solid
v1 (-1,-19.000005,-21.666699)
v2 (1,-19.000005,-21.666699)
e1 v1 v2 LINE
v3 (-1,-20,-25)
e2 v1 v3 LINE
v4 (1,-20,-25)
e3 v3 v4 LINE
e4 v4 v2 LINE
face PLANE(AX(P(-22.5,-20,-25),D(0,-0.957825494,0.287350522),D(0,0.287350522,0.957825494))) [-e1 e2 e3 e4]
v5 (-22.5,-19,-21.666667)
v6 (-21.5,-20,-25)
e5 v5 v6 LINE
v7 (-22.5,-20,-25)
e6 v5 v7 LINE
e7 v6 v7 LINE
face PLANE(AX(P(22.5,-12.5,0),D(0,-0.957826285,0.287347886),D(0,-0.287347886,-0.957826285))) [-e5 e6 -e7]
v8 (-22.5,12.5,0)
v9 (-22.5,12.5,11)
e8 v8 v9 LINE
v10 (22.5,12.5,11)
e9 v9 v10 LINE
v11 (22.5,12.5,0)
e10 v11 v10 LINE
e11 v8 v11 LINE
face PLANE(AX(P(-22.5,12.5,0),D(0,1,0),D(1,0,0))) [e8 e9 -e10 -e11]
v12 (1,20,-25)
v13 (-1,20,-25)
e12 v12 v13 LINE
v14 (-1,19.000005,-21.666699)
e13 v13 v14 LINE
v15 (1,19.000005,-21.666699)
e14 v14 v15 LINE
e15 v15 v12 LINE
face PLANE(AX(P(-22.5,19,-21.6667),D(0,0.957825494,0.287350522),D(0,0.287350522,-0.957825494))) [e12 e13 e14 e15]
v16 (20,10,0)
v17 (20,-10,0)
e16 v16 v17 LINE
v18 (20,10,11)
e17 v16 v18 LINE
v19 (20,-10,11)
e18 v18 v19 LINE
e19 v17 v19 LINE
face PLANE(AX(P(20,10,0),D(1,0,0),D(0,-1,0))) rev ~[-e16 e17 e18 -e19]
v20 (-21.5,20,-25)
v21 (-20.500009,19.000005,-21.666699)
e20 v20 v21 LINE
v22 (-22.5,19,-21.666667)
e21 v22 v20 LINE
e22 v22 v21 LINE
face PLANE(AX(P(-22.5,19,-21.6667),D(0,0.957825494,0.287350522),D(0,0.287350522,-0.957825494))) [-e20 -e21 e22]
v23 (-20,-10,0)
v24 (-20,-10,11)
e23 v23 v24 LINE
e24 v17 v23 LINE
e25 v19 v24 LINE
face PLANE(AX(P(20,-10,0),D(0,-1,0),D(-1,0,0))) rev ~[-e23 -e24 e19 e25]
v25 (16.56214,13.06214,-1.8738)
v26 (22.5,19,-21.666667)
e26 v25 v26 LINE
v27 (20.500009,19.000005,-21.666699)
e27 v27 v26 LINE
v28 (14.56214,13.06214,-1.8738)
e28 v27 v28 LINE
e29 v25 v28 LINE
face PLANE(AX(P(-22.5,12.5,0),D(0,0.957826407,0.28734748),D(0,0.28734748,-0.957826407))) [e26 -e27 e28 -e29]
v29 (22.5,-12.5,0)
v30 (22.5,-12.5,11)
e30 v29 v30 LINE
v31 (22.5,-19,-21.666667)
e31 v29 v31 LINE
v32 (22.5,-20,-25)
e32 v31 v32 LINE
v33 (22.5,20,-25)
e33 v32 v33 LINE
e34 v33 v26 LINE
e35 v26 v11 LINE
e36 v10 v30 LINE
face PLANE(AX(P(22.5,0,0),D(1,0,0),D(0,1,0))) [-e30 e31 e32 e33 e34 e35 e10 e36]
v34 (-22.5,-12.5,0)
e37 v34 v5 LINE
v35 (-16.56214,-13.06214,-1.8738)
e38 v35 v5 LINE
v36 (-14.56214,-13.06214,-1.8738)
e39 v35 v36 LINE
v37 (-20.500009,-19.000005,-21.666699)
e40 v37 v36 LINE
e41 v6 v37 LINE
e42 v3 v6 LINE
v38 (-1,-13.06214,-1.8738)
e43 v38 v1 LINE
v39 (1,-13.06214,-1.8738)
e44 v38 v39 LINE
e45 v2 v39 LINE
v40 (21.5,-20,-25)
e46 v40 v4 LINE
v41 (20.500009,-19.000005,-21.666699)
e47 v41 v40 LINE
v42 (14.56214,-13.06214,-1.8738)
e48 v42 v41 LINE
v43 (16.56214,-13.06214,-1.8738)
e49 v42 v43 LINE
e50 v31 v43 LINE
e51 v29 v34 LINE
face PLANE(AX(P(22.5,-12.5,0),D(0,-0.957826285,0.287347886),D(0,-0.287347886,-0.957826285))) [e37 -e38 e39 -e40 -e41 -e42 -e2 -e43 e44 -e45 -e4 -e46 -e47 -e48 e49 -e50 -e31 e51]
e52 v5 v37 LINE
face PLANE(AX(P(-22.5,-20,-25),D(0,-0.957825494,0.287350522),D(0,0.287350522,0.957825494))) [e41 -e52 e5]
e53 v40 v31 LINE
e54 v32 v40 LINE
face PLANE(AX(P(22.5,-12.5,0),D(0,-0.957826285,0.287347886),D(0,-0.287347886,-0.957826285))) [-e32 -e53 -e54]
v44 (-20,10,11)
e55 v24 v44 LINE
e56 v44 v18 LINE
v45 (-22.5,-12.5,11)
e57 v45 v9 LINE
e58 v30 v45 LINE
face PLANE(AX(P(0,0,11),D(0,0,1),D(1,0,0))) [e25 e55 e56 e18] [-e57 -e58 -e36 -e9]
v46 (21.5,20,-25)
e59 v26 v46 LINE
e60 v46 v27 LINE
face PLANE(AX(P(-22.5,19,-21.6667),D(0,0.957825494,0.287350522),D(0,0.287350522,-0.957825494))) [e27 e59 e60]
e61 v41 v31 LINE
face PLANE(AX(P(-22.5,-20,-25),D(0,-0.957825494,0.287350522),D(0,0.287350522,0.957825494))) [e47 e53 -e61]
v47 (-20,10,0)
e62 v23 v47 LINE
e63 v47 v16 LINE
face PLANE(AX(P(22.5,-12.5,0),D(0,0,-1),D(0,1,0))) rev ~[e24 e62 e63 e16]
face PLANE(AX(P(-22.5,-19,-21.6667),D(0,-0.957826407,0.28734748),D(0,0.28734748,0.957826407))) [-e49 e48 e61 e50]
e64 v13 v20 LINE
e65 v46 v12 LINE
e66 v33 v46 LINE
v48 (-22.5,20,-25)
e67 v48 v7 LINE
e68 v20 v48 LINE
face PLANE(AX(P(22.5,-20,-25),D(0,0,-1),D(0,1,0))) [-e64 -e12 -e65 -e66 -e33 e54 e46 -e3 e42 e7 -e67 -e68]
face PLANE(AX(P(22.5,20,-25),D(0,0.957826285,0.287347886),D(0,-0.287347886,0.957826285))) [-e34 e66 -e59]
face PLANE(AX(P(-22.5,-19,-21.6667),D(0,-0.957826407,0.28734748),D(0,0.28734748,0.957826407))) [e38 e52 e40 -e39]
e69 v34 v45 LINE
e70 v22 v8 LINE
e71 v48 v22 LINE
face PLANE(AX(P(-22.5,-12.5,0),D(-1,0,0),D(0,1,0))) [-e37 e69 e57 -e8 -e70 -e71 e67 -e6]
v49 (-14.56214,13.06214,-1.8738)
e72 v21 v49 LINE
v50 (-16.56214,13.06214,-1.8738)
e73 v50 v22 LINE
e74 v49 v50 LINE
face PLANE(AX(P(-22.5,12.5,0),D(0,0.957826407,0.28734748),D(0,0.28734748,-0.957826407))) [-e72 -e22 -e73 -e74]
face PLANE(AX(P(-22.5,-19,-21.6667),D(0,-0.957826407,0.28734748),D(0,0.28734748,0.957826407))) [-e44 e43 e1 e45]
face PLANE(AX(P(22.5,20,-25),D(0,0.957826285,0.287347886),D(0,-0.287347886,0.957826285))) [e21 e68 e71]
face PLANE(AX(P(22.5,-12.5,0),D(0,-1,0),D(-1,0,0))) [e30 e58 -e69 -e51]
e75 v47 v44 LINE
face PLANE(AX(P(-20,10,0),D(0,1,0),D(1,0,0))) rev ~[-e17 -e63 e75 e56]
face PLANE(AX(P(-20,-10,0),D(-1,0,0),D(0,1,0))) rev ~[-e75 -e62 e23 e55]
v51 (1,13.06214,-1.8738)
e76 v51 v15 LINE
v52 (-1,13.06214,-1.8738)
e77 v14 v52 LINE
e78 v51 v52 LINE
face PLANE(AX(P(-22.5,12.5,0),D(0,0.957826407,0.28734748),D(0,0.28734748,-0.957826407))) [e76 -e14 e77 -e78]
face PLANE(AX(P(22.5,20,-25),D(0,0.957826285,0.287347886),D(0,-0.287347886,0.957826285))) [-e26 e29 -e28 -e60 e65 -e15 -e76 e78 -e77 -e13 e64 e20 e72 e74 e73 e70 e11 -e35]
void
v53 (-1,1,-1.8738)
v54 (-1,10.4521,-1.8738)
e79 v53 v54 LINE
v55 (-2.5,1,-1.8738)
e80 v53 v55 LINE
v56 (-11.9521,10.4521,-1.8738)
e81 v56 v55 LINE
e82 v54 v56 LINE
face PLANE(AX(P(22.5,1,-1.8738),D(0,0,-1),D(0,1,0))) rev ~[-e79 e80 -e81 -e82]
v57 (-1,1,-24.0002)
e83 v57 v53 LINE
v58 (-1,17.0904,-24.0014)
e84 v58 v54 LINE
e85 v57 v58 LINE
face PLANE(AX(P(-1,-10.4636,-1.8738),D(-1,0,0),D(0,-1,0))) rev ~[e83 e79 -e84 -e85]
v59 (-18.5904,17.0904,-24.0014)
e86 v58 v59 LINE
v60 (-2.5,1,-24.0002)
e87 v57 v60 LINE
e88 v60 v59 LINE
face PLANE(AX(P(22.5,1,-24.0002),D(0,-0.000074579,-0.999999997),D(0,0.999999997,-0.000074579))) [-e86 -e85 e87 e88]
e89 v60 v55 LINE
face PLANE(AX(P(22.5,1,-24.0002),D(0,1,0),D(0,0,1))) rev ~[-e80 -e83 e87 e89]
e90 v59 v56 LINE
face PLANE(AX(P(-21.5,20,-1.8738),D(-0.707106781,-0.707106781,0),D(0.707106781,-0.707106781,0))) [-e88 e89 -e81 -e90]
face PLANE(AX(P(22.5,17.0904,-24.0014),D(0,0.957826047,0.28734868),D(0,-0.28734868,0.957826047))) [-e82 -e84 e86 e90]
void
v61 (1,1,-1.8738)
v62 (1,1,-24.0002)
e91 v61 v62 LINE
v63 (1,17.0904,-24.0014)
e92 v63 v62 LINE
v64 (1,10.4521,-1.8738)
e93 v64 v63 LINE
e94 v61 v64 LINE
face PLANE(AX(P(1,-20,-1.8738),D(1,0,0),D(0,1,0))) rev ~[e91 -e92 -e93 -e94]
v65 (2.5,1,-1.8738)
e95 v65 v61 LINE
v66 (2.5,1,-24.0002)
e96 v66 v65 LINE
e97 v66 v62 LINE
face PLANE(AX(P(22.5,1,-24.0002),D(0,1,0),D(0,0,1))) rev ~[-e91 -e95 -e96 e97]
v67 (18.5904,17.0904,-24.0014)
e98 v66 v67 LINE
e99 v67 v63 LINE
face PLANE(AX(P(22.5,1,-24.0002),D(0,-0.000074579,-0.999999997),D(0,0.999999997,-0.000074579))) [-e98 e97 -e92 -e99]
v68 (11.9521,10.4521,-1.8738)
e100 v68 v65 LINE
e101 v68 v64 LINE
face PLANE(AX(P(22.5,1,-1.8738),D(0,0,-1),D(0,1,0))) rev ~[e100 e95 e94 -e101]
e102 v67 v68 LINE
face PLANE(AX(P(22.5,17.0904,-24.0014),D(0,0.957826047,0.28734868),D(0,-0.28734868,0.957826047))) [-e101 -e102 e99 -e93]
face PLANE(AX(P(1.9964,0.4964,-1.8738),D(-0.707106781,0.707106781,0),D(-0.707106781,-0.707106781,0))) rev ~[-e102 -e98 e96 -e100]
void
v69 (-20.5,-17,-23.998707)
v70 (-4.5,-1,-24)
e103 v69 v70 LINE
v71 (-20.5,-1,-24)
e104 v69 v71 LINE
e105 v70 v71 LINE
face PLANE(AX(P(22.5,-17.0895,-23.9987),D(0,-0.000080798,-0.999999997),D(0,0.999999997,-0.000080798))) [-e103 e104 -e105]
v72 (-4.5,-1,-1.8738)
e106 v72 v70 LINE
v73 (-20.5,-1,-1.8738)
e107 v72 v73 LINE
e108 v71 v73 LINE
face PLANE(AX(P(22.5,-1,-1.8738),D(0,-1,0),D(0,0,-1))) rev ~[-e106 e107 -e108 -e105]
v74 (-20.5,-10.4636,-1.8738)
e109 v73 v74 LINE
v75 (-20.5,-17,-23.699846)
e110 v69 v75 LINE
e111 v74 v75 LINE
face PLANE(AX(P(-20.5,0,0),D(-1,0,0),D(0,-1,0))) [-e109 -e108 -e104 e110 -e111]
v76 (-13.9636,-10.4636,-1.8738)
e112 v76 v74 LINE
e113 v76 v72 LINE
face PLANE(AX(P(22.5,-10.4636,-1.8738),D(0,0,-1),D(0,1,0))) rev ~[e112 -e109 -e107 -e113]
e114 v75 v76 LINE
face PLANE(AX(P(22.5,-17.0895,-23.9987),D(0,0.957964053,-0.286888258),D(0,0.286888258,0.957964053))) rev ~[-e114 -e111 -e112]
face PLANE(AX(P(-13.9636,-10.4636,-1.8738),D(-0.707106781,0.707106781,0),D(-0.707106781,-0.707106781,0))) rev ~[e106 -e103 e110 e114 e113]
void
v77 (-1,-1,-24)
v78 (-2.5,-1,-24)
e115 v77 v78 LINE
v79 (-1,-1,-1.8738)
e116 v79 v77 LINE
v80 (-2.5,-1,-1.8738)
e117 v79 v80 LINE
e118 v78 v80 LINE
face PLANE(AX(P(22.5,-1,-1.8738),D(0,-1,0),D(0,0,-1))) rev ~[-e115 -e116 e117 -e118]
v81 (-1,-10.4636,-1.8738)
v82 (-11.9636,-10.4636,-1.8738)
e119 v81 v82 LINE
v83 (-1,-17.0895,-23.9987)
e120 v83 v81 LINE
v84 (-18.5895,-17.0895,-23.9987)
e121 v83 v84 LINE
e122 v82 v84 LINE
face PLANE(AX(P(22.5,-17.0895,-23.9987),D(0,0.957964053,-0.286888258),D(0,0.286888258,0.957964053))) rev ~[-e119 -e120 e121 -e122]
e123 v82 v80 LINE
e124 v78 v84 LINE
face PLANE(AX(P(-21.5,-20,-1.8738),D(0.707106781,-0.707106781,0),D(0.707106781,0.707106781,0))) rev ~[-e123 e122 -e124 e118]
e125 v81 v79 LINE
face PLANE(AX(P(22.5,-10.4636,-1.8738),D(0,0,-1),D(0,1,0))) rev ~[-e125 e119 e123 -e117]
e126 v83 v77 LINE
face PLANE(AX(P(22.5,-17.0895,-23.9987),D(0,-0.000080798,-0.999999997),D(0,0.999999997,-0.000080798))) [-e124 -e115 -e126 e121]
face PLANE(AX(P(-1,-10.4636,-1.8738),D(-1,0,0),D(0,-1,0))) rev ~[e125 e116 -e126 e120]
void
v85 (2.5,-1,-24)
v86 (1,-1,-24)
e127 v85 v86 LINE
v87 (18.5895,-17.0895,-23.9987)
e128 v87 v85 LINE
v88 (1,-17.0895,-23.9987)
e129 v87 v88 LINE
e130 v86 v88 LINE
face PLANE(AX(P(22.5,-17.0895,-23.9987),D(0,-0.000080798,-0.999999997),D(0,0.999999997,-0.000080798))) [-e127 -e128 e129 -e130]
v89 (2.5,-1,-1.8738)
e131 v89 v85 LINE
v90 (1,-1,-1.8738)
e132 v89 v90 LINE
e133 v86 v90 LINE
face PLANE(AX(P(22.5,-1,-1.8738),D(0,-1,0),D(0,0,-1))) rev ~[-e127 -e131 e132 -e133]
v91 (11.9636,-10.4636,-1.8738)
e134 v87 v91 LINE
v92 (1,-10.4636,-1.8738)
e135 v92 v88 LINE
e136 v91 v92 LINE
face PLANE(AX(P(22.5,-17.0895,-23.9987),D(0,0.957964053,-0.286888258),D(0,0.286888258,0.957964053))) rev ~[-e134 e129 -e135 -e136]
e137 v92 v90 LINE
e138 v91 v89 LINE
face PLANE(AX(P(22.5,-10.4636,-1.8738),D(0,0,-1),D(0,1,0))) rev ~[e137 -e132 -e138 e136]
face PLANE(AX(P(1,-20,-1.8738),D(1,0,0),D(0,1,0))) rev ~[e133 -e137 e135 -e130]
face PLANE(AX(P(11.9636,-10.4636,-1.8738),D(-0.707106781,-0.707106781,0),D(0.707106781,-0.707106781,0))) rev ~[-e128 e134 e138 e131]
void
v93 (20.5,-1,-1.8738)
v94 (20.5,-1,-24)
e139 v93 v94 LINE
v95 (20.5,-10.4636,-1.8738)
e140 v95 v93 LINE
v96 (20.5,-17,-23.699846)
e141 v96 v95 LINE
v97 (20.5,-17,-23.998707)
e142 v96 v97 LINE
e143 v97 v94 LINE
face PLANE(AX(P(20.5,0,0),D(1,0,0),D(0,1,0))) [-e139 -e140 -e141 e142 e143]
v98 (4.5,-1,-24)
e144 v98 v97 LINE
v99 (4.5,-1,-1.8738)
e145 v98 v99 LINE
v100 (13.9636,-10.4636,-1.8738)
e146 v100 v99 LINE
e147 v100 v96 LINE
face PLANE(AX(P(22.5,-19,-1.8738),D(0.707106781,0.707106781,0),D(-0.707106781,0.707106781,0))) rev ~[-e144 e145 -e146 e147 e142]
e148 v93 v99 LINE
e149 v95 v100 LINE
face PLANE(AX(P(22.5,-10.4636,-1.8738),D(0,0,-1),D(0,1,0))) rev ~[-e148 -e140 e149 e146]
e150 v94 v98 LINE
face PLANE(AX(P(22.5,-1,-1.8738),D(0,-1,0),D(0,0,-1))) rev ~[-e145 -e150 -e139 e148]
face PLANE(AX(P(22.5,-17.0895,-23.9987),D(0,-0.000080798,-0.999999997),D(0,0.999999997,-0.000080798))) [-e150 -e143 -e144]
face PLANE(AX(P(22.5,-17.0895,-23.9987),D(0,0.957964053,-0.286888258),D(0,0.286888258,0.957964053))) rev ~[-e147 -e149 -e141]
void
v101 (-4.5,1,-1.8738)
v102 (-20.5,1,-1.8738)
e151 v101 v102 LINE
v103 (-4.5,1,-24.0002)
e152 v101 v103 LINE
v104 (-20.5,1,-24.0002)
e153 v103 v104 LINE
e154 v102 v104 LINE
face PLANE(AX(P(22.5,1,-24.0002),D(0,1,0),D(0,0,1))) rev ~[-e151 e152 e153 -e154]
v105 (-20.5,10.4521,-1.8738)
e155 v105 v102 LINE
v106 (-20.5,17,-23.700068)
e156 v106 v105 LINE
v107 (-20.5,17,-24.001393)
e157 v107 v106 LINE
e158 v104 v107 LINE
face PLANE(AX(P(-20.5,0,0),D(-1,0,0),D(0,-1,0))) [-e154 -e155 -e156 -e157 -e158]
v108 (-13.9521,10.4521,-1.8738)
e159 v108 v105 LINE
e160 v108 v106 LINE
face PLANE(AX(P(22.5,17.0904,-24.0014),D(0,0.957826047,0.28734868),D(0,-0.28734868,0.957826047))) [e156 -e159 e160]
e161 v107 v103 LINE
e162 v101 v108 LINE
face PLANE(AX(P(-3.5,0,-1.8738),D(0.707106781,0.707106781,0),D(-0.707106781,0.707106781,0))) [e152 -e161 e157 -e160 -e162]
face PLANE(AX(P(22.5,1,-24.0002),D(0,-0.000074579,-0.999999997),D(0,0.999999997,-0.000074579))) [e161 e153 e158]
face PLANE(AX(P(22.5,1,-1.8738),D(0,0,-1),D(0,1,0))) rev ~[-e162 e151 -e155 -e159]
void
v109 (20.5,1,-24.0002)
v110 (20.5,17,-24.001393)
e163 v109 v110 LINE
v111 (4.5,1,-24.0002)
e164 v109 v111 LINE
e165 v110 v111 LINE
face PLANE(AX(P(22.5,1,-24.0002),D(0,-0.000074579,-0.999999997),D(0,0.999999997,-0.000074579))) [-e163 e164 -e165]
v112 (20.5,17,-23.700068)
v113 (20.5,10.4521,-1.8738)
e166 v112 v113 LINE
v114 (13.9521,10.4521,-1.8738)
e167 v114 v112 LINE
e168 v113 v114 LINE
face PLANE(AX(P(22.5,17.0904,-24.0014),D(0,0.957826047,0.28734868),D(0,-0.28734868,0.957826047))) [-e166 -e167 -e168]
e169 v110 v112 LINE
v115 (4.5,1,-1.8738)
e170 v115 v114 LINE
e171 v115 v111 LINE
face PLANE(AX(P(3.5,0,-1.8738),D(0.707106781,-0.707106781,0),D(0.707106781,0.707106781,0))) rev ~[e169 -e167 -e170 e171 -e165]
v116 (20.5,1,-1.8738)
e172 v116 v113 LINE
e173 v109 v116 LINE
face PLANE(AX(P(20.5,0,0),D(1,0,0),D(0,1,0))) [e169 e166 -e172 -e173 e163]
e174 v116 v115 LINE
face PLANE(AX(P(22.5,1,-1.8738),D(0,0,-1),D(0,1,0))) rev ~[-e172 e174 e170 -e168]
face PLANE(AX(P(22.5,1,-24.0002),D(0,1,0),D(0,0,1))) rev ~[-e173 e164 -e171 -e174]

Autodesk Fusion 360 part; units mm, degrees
sketch "Sketch1" plane through (0, 0, 0) normal (0, 0, 1) x (1, 0, 0)
  line L0 (20, -10) -> (-20, -10)
  line L1 (-20, -10) -> (-20, 10)
  line L2 (-20, 10) -> (20, 10)
  line L3 (20, 10) -> (20, -10)
  line L4 (20, -10) -> (-20, 10) construction
  line L5 (-20, -10) -> (20, 10) construction
  line L6 (22.5, -12.5) -> (-22.5, -12.5)
  line L7 (-22.5, -12.5) -> (-22.5, 12.5)
  line L8 (-22.5, 12.5) -> (22.5, 12.5)
  line L9 (22.5, 12.5) -> (22.5, -12.5)
  line L10 (22.5, -12.5) -> (-22.5, 12.5) construction
  line L11 (-22.5, -12.5) -> (22.5, 12.5) construction
  dimension "d1" = 40
  dimension "d2" = 20
  dimension "d3" = 45
  dimension "d4" = 25
extrude "Extrude1" add sketch "Sketch1" along normal blind 11 makes body 1
sketch "Sketch4" plane through (22.5, 0, 0) normal (1, 0, 0) x (0, 1, 0)
  line L0 (-12.5, 0) -> (12.5, 0)
  line L1 (12.5, 0) -> (12.5, 11)
  line L2 (12.5, 11) -> (-12.5, 11)
  line L3 (-12.5, 11) -> (-12.5, 0)
  line L4 (-12.5, 0) -> (12.281, 0) construction
  line L5 (-12.5, 0) -> (-20, -25)
  line L6 (-20, -25) -> (20, -25)
  line L7 (20, -25) -> (12.5, 0)
  line L8 (12.5, 0) -> (20, -25) construction
  line L9 (12.281, -0.0657) -> (12.5, 0) construction
  line L10 (-12.5, 0) -> (-20, -25) construction
  line L11 (17.0904, -24.0014) -> (10.4521, -1.8738)
  line L12 (-17.0895, -23.9987) -> (-10.4636, -1.8738) construction
  line L13 (-1, -1.8738) -> (-1, -24)
  line L14 (1, -24.0002) -> (1, -1.8738)
  line L15 (-17.0895, -23.9987) -> (-1, -24)
  line L16 (1, -24.0002) -> (17.0904, -24.0014)
  line L17 (17.0904, -24.0014) -> (10.4521, -1.8738) construction
  line L18 (9.8899, 0) -> (9.2425, 2.1581) construction
  line L19 (-17.0895, -23.9987) -> (-10.4636, -1.8738)
  line L20 (-10.4636, -1.8738) -> (-1, -1.8738)
  line L21 (1, -1.8738) -> (10.4521, -1.8738)
extrude "Extrude10" add sketch "Sketch4" against normal blind 2 separate body contours L11 L14 L16 L21 | L13 L15 L19 L20 makes body 2 at (22.5, 9.5141, -16.6251) makes body 3 at (22.5, -9.5177, -16.6242)
extrude "Extrude8" add sketch "Sketch4" against normal up to surface (45 mm away) contours L0 L5 L6 L7 bodies 1
sketch "Sketch9" plane through (0, 0, -1.8738) normal (0, 0, -1) x (1, 0, 0)
  line L0 (-22.5, 10.4636) -> (-22.5, 1)
  line L1 (-22.5, 1) -> (22.5, 1)
  line L2 (22.5, 1) -> (22.5, 10.4636)
  line L3 (22.5, 10.4636) -> (-22.5, 10.4636)
  line L4 (-1, 20) -> (1, 20)
  line L5 (1, 20) -> (1, -20)
  line L6 (1, -20) -> (-1, -20)
  line L7 (-1, -20) -> (-1, 20)
  line L8 (-22.5, 19) -> (-21.5, 20)
  line L9 (-21.5, 20) -> (-2, 0.5)
  line L10 (-2, 0.5) -> (-3, -0.5)
  line L11 (-3, -0.5) -> (-22.5, 19)
  line L12 (-22.5, -19) -> (-21.5, -20)
  line L13 (-21.5, -20) -> (-2, -0.5)
  line L14 (-2, -0.5) -> (-3, 0.5)
  line L15 (-3, 0.5) -> (-22.5, -19)
  line L16 (22.5, -19) -> (21.5, -20)
  line L17 (21.5, -20) -> (1.9964, -0.4964)
  line L18 (1.9964, -0.4964) -> (2.9964, 0.5036)
  line L19 (2.9964, 0.5036) -> (22.5, -19)
  line L20 (21.5, 20) -> (22.5, 19)
  line L21 (22.5, 19) -> (2.5, -1)
  line L22 (2.5, -1) -> (1.5, 0)
  line L23 (1.5, 0) -> (21.5, 20)
extrude "Extrude9" add sketch "Sketch9" along normal up to surface (23.1262 mm away) contours L3 L8 L9 L11 | L1 L3 L9 L11 | L1 L9 L10 L11 L14 L15 | L10 L11 L14 L15 | L10 L11 L12 L13 L14 L15 | L3 L4 L5 L7 | L1 L3 L5 L7 | L1 L5 L6 L7 | L3 L20 L21 L23 | L1 L3 L21 L23 | L1 L18 L19 L21 L22 L23 | L17 L18 L19 L21 L22 | L16 L17 L19 L21 bodies 1
sketch "Sketch10" plane through (-22.5, 0, 0) normal (-1, 0, 0) x (0, -1, 0)
  line L0 (-1, -1.8738) -> (-1, -24.0002)
  line L1 (-1, -24.0002) -> (-17.0904, -24.0014)
  line L2 (-17.0904, -24.0014) -> (-10.4521, -1.8738)
  line L3 (-10.4521, -1.8738) -> (-1, -1.8738)
  line L4 (10.4636, -1.8738) -> (17.0895, -23.9987)
  line L5 (17.0895, -23.9987) -> (1, -24)
  line L6 (1, -24) -> (1, -1.8738)
  line L7 (1, -1.8738) -> (10.4636, -1.8738)
  line L8 (-19, -21.6667) -> (-20, -25)
  line L9 (-20, -25) -> (20, -25)
  line L10 (20, -25) -> (19, -21.6667)
  line L11 (19, -21.6667) -> (12.5, 0)
  line L12 (12.5, 0) -> (12.5, 11)
  line L13 (12.5, 11) -> (-12.5, 11)
  line L14 (-12.5, 11) -> (-12.5, 0)
  line L15 (-12.5, 0) -> (-19, -21.6667)
  line L16 (-25.8354, 18.4889) -> (28, 18.4889)
  line L17 (28, 18.4889) -> (28, -29)
  line L18 (28, -29) -> (-25.8354, -29)
  line L19 (-25.8354, -29) -> (-25.8354, 18.4889)
extrude "Extrude12" cut sketch "Sketch10" against normal blind 74 contours L16 L17 L18 L19 bodies 1
extrude "Extrude11" add sketch "Sketch10" against normal blind 2 contours L0 L1 L2 L3 | L4 L5 L6 L7 bodies 1
combine "Combine2" operation add target body 1 tool bodies 2 3
equation "d3 = 40 mm + 5 mm"
equation "d4 = 20 mm + 5 mm"
